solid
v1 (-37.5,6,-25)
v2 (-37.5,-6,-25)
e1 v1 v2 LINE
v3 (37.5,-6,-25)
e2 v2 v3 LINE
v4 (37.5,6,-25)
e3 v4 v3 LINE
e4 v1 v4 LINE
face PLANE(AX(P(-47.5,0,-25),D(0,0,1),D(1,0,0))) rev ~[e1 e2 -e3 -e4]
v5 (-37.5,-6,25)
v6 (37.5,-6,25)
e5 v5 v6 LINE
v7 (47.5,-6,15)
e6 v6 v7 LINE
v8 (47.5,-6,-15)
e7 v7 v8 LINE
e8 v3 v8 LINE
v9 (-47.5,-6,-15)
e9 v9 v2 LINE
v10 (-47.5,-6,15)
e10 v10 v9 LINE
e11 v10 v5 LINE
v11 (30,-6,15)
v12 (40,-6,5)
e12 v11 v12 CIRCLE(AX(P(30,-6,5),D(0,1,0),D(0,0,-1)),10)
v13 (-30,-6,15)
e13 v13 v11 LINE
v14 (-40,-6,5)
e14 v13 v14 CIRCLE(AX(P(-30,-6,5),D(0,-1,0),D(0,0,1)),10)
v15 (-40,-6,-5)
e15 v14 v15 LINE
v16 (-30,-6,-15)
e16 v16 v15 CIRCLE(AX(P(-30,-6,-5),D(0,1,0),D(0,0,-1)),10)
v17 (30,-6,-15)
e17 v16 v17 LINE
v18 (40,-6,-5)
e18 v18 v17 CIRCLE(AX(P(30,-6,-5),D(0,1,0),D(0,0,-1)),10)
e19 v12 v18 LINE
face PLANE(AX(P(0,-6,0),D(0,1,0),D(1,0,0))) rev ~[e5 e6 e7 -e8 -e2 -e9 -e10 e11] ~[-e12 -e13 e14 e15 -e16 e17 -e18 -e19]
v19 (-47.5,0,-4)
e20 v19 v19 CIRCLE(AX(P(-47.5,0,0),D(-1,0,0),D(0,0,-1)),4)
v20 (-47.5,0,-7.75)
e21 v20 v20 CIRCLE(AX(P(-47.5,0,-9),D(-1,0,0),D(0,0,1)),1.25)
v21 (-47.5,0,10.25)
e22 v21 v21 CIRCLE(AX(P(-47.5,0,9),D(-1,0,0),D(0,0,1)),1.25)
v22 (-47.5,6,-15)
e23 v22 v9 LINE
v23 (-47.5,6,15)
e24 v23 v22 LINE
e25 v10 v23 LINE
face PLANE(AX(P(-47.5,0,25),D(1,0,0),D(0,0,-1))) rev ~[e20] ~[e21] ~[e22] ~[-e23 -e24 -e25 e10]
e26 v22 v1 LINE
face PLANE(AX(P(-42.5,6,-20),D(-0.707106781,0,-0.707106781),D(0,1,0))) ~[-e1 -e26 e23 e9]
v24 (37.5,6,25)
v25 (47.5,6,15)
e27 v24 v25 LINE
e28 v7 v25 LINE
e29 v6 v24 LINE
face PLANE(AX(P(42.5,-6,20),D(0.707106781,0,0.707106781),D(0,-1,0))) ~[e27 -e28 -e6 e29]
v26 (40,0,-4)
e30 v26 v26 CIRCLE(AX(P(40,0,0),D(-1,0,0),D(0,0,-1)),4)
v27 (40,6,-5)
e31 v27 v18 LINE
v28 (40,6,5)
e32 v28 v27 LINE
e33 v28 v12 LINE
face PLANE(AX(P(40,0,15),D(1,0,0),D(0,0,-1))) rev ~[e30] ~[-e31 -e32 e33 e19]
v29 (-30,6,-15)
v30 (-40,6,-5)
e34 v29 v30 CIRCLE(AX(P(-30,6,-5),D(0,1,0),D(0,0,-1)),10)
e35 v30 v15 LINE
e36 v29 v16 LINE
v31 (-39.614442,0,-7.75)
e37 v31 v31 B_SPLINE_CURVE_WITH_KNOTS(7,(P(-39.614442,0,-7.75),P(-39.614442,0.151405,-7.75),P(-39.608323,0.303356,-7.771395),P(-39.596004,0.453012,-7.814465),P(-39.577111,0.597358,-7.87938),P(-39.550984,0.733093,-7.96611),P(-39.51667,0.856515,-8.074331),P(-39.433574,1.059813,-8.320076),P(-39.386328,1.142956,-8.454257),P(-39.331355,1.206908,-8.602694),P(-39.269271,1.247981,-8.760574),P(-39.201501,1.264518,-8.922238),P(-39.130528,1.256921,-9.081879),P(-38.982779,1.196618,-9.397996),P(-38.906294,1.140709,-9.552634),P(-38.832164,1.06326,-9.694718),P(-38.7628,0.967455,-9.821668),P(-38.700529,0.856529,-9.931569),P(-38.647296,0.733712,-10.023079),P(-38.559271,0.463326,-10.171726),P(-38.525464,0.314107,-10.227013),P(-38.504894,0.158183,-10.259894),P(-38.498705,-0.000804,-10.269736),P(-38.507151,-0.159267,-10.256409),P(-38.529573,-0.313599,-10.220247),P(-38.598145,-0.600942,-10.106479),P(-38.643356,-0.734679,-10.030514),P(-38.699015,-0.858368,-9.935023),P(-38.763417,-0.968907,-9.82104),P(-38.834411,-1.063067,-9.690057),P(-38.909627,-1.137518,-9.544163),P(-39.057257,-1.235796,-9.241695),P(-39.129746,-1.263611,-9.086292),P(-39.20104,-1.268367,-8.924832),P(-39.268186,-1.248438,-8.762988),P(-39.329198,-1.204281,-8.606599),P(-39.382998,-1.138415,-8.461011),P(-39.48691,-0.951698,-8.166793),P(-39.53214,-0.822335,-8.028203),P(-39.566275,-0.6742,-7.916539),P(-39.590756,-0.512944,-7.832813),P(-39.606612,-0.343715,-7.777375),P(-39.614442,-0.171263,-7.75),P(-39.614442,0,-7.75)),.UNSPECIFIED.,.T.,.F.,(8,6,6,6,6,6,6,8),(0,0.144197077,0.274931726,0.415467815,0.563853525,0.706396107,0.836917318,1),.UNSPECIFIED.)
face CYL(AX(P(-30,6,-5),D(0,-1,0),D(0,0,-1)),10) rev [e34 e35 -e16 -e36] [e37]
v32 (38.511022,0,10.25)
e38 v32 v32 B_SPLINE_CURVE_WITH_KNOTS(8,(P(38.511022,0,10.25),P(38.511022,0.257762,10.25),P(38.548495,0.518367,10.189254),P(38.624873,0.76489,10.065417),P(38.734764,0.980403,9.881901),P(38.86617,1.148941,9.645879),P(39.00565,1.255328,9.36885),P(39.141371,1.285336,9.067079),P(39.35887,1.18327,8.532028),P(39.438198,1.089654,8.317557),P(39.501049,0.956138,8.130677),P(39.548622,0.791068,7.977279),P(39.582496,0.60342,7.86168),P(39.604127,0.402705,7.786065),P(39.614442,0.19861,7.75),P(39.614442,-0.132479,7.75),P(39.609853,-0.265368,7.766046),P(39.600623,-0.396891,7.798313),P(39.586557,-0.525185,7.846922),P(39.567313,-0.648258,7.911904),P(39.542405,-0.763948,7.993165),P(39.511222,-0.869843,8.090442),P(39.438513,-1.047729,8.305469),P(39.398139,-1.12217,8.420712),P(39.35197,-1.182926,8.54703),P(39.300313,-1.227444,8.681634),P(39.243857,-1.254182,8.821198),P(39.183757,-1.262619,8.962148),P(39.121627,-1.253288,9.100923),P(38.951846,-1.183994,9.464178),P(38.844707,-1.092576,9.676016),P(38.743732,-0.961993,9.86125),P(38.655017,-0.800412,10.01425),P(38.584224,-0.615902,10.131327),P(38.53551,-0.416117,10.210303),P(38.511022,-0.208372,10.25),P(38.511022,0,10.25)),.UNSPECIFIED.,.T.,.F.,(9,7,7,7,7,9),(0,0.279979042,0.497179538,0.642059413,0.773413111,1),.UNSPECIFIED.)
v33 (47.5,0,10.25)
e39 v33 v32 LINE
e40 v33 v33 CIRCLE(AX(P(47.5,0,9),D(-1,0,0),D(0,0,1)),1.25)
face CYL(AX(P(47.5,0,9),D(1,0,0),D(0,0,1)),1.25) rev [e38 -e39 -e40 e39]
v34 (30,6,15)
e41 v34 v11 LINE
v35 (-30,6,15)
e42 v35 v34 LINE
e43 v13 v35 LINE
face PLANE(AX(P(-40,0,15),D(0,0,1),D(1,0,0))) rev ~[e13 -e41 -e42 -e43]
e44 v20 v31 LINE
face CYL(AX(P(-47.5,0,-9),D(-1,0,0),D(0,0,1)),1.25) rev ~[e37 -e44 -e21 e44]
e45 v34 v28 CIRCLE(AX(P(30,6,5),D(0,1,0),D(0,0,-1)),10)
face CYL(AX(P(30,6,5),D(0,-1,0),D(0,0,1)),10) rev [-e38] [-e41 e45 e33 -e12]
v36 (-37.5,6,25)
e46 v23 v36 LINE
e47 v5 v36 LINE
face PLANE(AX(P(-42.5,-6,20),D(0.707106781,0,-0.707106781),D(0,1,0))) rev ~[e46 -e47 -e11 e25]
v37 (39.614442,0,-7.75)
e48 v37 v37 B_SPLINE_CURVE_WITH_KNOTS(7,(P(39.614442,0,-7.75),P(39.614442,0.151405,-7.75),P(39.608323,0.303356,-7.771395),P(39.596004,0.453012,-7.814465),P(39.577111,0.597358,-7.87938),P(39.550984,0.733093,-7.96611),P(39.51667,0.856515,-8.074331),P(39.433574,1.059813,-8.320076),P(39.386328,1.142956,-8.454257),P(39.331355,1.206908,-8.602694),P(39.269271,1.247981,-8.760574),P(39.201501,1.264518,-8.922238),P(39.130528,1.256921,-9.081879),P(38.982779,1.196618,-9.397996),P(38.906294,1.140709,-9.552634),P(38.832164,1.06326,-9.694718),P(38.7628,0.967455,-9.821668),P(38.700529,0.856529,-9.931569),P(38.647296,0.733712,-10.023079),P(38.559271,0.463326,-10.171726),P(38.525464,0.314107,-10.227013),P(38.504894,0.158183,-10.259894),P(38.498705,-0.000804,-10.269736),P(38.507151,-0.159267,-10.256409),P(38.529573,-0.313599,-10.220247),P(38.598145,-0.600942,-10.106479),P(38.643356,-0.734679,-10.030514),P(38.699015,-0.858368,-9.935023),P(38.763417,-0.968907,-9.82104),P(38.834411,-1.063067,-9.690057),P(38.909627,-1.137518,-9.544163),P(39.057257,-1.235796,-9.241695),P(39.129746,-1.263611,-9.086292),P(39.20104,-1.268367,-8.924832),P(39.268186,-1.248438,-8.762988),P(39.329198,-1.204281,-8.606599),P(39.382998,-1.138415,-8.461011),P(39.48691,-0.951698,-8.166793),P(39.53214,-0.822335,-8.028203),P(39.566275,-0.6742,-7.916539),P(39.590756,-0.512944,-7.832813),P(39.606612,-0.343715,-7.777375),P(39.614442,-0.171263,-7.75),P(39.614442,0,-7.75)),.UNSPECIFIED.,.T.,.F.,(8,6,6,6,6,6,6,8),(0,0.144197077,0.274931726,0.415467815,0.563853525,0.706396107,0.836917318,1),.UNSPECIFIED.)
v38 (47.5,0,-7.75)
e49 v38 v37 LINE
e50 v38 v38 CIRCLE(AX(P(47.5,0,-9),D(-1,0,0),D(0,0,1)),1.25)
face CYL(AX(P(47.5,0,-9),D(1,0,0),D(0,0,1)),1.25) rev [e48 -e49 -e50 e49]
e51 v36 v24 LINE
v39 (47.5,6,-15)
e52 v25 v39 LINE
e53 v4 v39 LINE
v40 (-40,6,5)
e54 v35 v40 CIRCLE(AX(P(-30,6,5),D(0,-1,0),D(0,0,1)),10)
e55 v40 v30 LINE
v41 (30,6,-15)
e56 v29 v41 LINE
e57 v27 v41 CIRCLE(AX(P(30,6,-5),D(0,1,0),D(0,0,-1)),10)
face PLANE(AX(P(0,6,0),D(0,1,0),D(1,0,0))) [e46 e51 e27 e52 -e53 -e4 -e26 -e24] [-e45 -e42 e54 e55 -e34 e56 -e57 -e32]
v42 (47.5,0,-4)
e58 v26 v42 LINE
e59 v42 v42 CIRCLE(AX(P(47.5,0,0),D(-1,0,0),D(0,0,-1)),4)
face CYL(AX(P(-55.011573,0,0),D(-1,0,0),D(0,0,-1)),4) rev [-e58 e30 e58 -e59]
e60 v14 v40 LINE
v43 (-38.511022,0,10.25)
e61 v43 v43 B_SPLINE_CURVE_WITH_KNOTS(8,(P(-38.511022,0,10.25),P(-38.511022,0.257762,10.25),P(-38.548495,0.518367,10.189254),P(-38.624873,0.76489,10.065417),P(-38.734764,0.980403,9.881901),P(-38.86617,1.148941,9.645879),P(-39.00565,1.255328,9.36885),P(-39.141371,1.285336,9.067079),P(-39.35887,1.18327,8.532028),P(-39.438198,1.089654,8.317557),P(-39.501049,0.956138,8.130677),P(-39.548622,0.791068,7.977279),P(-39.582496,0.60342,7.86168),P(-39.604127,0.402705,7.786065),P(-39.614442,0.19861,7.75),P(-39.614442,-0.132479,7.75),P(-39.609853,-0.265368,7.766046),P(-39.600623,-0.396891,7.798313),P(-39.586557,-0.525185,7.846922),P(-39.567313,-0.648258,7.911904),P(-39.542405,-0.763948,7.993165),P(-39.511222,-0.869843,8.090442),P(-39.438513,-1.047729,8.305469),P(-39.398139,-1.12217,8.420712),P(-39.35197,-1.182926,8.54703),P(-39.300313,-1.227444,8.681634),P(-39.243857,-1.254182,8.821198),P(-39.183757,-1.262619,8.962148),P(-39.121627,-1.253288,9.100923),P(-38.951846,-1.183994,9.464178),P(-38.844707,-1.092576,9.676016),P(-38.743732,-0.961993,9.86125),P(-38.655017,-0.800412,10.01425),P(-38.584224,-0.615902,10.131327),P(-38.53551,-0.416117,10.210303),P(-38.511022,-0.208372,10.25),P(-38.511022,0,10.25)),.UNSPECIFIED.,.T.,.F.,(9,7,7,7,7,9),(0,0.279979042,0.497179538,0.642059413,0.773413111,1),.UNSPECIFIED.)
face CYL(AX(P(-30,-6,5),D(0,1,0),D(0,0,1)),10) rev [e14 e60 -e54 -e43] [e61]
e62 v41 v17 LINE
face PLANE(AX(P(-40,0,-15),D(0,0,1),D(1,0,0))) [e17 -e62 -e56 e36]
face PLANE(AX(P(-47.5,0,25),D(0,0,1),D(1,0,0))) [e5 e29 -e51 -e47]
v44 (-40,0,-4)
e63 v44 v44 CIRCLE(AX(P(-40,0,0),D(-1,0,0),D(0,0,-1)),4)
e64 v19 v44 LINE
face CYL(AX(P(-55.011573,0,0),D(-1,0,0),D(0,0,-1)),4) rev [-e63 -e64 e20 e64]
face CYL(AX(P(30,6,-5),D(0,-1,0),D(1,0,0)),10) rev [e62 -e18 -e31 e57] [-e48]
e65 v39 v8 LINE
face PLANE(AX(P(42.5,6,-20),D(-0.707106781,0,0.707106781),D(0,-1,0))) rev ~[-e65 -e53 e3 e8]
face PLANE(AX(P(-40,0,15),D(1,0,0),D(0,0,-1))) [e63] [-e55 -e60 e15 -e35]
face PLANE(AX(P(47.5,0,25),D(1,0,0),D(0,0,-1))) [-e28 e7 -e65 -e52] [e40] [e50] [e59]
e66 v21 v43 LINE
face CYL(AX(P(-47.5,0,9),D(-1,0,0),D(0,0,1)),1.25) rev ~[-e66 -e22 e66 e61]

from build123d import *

# Parameters (mm, degrees)
SKETCH2_W                  = 95
SKETCH2_H                  = 50
SKETCH2_W_2                = 80
SKETCH2_H_2                = 30
BOSS_EXTRUDE1_DEPTH        = 6
CUT_EXTRUDE1_DEPTH         = 55.011572834
CUT_EXTRUDE1_DEPTH_BACK    = 55.011572834
SKETCH4_R                  = 4
FILLET1_R                  = 10
M3X0_5_TAPPED_HOLE1_REACH  = 100.417
M3X0_5_TAPPED_HOLE1_BORE_R = 1.25
CHAMFER1_SIZE              = 10


with BuildPart() as part:
    # Sketch2 → Boss-Extrude1 (new, symmetric)
    with BuildSketch(Plane(origin=(0, 0, 0), x_dir=(1, 0, 0), z_dir=(0, 1, 0))):
        Rectangle(SKETCH2_W, SKETCH2_H)
        Rectangle(SKETCH2_W_2, SKETCH2_H_2, mode=Mode.SUBTRACT)
    extrude(amount=BOSS_EXTRUDE1_DEPTH, both=True)

    # Sketch4 → Cut-Extrude1 (cut, two sides: drawn at the far end of the back side and taken through both)
    with BuildSketch(Plane(origin=(0, 0, 0), x_dir=(0, 0, -1), z_dir=(1, 0, 0)).offset(-CUT_EXTRUDE1_DEPTH_BACK)):
        Circle(SKETCH4_R)
    extrude(amount=CUT_EXTRUDE1_DEPTH + CUT_EXTRUDE1_DEPTH_BACK, mode=Mode.SUBTRACT)

    # Fillet1
    fillet1_edges = [part.edges().sort_by_distance(p)[0] for p in [
        (40, 0, 15),
        (40, 0, -15),
        (-40, 0, -15),
        (-40, 0, 15),
    ]]
    fillet(fillet1_edges, radius=FILLET1_R)

    # M3x0.5 Tapped Hole1 bore → M3x0.5 Tapped Hole1 (cut, up to next)
    with BuildSketch(Plane.ZY.offset(47.5), mode=Mode.PRIVATE) as m3x0_5_tapped_hole1_sk1:
        with Locations((-9, 0)):
            Circle(M3X0_5_TAPPED_HOLE1_BORE_R)
    m3x0_5_tapped_hole1_tool1 = extrude(m3x0_5_tapped_hole1_sk1.sketch, amount=-M3X0_5_TAPPED_HOLE1_REACH, mode=Mode.PRIVATE) & part.part
    # M3x0.5 Tapped Hole1 bore → M3x0.5 Tapped Hole1 (cut, up to next)
    with BuildSketch(Plane.ZY.offset(47.5), mode=Mode.PRIVATE) as m3x0_5_tapped_hole1_sk2:
        with Locations((9, 0)):
            Circle(M3X0_5_TAPPED_HOLE1_BORE_R)
    m3x0_5_tapped_hole1_tool2 = extrude(m3x0_5_tapped_hole1_sk2.sketch, amount=-M3X0_5_TAPPED_HOLE1_REACH, mode=Mode.PRIVATE) & part.part
    m3x0_5_tapped_hole1_1 = m3x0_5_tapped_hole1_tool1.solids().sort_by_distance((-47.5, 0, -9))[0]
    add(m3x0_5_tapped_hole1_1, mode=Mode.SUBTRACT)
    m3x0_5_tapped_hole1_2 = m3x0_5_tapped_hole1_tool2.solids().sort_by_distance((-47.5, 0, 9))[0]
    add(m3x0_5_tapped_hole1_2, mode=Mode.SUBTRACT)
    m3x0_5_tapped_hole1 = m3x0_5_tapped_hole1_1 + m3x0_5_tapped_hole1_2  # M3x0.5 Tapped Hole1 as one shape, for the pattern or mirror that repeats it

    # Mirror1: M3x0.5 Tapped Hole1 across plane
    add(m3x0_5_tapped_hole1.mirror(Plane(origin=(0, 0, 0), x_dir=(0, 0, 1), z_dir=(1, 0, 0))), mode=Mode.SUBTRACT)

    # Hole Thread4: M3x0.5 Tapped Hole1 across Right Plane
    add(m3x0_5_tapped_hole1.mirror(Plane(origin=(0, 0, 0), x_dir=(0, 0, -1), z_dir=(1, 0, 0))), mode=Mode.SUBTRACT)

    # Chamfer1
    chamfer1_edges = [part.edges().sort_by_distance(p)[0] for p in [
        (47.5, 0, 25),
        (-47.5, 0, 25),
        (-47.5, 0, -25),
        (47.5, 0, -25),
    ]]
    chamfer(chamfer1_edges, length=CHAMFER1_SIZE)


solid = part.part
